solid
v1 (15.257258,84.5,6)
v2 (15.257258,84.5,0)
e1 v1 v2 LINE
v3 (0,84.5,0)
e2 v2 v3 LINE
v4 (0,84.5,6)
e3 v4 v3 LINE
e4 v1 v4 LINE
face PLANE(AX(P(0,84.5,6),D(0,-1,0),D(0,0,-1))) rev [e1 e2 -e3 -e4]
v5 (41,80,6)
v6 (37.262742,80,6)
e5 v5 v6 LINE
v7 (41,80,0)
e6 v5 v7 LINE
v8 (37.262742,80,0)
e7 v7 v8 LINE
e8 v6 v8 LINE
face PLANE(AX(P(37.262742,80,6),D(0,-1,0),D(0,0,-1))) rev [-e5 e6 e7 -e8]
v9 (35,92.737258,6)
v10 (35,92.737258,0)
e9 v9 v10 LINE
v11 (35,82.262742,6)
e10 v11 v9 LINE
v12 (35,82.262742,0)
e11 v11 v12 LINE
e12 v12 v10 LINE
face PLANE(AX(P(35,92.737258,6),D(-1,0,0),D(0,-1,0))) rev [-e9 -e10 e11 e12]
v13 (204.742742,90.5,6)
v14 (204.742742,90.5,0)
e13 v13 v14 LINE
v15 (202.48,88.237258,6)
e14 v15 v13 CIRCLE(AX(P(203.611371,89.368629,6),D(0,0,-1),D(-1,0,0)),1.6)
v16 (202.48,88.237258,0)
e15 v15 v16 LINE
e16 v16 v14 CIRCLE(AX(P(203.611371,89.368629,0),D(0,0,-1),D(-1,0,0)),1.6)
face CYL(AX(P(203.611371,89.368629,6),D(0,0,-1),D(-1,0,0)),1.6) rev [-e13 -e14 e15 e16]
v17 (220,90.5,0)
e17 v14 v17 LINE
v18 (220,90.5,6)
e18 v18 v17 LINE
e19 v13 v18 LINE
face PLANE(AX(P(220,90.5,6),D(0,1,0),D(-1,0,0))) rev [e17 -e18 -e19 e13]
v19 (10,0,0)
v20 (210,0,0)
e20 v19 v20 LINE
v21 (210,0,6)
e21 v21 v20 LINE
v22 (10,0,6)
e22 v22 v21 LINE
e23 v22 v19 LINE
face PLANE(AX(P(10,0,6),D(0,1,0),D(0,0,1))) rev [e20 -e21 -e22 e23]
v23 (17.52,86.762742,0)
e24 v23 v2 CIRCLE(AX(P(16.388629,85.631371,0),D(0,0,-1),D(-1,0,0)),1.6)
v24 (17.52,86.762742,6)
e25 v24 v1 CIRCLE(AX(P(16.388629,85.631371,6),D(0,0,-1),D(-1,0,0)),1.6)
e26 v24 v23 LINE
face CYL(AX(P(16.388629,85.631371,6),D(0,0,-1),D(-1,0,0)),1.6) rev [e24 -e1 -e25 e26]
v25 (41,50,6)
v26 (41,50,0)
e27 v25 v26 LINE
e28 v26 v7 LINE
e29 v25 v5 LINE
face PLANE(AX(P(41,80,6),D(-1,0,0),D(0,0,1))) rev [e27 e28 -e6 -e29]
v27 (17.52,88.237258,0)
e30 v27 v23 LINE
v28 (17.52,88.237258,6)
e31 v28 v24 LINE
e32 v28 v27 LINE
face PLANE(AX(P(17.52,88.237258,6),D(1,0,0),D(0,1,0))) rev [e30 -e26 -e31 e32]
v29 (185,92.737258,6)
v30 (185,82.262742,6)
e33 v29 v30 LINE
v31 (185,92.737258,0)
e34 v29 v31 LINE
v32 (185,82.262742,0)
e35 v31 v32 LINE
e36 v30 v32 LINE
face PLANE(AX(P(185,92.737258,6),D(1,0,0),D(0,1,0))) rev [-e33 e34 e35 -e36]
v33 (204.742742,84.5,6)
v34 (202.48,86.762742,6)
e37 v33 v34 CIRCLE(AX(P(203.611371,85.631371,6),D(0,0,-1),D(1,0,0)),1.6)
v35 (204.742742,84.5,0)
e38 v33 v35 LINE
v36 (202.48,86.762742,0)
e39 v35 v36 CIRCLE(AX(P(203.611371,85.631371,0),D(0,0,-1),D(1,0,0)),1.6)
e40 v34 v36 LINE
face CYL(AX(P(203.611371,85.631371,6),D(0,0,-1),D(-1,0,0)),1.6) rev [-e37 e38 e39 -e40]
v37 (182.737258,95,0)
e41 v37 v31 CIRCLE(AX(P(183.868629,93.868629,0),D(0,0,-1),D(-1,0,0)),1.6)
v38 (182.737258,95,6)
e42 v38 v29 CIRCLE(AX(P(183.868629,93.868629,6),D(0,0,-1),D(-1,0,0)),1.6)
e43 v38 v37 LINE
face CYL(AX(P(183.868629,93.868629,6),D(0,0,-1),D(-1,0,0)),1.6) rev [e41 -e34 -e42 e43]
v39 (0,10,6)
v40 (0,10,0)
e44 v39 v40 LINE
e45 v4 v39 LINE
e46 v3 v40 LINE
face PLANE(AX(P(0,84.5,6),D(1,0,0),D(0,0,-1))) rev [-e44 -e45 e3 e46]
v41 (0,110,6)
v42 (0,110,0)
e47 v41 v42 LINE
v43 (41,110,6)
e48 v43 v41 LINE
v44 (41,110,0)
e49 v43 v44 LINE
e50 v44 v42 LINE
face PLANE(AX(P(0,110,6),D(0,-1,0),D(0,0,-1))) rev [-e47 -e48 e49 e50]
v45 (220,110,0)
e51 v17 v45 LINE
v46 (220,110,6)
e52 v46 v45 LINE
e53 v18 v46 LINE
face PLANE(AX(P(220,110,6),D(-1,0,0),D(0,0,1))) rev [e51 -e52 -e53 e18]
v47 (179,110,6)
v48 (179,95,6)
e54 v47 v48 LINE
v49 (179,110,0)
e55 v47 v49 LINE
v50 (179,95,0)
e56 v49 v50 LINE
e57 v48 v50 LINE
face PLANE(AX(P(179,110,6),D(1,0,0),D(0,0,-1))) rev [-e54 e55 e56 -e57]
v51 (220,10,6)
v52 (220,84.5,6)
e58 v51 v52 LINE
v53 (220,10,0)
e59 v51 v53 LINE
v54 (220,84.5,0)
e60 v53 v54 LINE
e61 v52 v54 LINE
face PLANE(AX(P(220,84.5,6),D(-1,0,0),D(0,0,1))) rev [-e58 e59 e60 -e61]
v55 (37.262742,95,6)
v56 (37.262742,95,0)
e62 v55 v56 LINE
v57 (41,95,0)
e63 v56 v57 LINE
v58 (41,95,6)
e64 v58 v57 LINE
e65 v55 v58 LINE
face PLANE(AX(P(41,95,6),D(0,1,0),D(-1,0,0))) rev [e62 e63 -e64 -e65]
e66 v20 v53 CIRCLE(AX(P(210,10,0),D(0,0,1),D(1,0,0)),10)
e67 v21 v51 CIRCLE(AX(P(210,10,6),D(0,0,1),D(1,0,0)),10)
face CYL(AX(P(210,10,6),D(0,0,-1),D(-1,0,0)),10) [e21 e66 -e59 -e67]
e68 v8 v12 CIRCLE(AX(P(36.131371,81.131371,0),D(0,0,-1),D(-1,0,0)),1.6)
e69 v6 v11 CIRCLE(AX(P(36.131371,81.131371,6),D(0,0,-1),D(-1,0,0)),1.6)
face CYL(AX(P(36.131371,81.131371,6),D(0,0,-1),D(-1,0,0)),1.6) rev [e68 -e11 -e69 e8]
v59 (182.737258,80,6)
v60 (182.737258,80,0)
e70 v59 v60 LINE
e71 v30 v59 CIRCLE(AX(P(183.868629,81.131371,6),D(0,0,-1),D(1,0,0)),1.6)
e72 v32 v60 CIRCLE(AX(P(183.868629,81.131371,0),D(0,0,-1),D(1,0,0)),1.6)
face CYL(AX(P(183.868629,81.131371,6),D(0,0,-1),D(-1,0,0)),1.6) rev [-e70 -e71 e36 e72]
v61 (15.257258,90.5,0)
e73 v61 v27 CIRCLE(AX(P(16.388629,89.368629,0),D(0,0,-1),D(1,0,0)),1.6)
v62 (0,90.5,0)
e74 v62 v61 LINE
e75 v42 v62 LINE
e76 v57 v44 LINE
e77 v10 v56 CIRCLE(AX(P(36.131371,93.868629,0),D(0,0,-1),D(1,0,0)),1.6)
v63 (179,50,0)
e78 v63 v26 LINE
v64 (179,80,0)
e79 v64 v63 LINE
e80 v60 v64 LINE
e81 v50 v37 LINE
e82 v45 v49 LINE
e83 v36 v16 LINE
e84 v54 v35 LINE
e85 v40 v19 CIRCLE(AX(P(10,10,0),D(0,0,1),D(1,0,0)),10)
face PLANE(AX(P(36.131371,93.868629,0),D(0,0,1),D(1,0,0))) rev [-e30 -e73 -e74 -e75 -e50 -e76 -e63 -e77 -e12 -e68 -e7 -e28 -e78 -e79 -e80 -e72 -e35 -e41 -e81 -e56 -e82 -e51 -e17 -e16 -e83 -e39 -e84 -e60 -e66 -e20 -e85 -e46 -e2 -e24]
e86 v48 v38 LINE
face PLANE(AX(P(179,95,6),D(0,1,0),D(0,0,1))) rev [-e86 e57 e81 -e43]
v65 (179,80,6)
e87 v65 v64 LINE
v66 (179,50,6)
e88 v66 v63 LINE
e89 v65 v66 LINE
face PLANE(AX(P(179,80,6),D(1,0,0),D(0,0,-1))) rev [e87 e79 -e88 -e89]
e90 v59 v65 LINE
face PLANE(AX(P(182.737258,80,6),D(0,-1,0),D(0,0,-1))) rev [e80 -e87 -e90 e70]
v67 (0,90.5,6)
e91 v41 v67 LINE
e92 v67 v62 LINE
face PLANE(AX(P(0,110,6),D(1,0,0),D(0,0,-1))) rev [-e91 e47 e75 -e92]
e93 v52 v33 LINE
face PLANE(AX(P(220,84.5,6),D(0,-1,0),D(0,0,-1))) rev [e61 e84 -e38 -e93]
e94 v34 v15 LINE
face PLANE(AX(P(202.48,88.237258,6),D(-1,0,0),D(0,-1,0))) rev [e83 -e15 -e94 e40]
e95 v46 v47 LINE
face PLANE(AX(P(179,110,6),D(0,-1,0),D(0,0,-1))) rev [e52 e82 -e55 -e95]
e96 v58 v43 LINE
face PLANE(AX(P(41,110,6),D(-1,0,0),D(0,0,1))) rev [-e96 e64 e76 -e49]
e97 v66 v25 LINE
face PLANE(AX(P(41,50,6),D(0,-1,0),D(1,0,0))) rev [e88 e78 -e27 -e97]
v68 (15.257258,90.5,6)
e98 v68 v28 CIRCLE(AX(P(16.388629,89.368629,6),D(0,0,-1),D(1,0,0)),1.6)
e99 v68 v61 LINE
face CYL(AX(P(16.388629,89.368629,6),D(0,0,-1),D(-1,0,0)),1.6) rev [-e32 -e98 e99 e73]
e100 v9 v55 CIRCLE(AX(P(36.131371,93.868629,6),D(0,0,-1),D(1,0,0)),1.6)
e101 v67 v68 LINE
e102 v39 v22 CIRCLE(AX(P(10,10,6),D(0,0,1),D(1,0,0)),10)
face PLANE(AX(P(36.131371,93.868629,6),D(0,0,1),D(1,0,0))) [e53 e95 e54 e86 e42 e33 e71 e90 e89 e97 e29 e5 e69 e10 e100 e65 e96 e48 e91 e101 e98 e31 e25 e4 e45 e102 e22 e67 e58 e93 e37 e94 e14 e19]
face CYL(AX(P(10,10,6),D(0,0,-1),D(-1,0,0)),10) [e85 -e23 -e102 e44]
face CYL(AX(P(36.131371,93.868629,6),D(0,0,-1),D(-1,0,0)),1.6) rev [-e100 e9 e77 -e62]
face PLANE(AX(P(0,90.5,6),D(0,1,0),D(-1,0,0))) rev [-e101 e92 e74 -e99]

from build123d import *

# Parameters (mm, degrees)
EXTRUSION1_DEPTH = 6


with BuildPart() as part:
    # Esquisse1 → Extrusion1 (new body)
    with BuildSketch(Plane.XY):
        with BuildLine():
            Line((41, 110), (41, 95))
            Line((41, 95), (37.2627417, 95))
            ThreePointArc((37.2627417, 95), (35, 95), (35, 92.7372583))
            Line((35, 92.7372583), (35, 82.2627417))
            ThreePointArc((35, 82.2627417), (35, 80), (37.2627417, 80))
            Line((37.2627417, 80), (41, 80))
            Line((41, 80), (41, 50))
            Line((41, 50), (179, 50))
            Line((179, 50), (179, 80))
            Line((179, 80), (182.7372583, 80))
            ThreePointArc((182.7372583, 80), (185, 80), (185, 82.2627417))
            Line((185, 82.2627417), (185, 92.7372583))
            ThreePointArc((185, 92.7372583), (185, 95), (182.7372583, 95))
            Line((182.7372583, 95), (179, 95))
            Line((179, 95), (179, 110))
            Line((179, 110), (220, 110))
            Line((220, 110), (220, 90.5))
            Line((220, 90.5), (204.7427417, 90.5))
            ThreePointArc((204.7427417, 90.5), (202.48, 90.5), (202.48, 88.2372583))
            Line((202.48, 88.2372583), (202.48, 86.7627417))
            ThreePointArc((202.48, 86.7627417), (202.48, 84.5), (204.7427417, 84.5))
            Line((204.7427417, 84.5), (220, 84.5))
            Line((220, 84.5), (220, 10))
            ThreePointArc((220, 10), (217.071067812, 2.928932188), (210, 0))
            Line((210, 0), (10, 0))
            ThreePointArc((10, 0), (2.928932188, 2.928932188), (0, 10))
            Line((0, 10), (0, 84.5))
            Line((0, 84.5), (15.2572583, 84.5))
            ThreePointArc((15.2572583, 84.5), (17.52, 84.5), (17.52, 86.7627417))
            Line((17.52, 86.7627417), (17.52, 88.2372583))
            ThreePointArc((17.52, 88.2372583), (17.52, 90.5), (15.2572583, 90.5))
            Line((15.2572583, 90.5), (0, 90.5))
            Line((0, 90.5), (0, 110))
            Line((0, 110), (41, 110))
        make_face()
    extrude(amount=EXTRUSION1_DEPTH)


solid = part.part
